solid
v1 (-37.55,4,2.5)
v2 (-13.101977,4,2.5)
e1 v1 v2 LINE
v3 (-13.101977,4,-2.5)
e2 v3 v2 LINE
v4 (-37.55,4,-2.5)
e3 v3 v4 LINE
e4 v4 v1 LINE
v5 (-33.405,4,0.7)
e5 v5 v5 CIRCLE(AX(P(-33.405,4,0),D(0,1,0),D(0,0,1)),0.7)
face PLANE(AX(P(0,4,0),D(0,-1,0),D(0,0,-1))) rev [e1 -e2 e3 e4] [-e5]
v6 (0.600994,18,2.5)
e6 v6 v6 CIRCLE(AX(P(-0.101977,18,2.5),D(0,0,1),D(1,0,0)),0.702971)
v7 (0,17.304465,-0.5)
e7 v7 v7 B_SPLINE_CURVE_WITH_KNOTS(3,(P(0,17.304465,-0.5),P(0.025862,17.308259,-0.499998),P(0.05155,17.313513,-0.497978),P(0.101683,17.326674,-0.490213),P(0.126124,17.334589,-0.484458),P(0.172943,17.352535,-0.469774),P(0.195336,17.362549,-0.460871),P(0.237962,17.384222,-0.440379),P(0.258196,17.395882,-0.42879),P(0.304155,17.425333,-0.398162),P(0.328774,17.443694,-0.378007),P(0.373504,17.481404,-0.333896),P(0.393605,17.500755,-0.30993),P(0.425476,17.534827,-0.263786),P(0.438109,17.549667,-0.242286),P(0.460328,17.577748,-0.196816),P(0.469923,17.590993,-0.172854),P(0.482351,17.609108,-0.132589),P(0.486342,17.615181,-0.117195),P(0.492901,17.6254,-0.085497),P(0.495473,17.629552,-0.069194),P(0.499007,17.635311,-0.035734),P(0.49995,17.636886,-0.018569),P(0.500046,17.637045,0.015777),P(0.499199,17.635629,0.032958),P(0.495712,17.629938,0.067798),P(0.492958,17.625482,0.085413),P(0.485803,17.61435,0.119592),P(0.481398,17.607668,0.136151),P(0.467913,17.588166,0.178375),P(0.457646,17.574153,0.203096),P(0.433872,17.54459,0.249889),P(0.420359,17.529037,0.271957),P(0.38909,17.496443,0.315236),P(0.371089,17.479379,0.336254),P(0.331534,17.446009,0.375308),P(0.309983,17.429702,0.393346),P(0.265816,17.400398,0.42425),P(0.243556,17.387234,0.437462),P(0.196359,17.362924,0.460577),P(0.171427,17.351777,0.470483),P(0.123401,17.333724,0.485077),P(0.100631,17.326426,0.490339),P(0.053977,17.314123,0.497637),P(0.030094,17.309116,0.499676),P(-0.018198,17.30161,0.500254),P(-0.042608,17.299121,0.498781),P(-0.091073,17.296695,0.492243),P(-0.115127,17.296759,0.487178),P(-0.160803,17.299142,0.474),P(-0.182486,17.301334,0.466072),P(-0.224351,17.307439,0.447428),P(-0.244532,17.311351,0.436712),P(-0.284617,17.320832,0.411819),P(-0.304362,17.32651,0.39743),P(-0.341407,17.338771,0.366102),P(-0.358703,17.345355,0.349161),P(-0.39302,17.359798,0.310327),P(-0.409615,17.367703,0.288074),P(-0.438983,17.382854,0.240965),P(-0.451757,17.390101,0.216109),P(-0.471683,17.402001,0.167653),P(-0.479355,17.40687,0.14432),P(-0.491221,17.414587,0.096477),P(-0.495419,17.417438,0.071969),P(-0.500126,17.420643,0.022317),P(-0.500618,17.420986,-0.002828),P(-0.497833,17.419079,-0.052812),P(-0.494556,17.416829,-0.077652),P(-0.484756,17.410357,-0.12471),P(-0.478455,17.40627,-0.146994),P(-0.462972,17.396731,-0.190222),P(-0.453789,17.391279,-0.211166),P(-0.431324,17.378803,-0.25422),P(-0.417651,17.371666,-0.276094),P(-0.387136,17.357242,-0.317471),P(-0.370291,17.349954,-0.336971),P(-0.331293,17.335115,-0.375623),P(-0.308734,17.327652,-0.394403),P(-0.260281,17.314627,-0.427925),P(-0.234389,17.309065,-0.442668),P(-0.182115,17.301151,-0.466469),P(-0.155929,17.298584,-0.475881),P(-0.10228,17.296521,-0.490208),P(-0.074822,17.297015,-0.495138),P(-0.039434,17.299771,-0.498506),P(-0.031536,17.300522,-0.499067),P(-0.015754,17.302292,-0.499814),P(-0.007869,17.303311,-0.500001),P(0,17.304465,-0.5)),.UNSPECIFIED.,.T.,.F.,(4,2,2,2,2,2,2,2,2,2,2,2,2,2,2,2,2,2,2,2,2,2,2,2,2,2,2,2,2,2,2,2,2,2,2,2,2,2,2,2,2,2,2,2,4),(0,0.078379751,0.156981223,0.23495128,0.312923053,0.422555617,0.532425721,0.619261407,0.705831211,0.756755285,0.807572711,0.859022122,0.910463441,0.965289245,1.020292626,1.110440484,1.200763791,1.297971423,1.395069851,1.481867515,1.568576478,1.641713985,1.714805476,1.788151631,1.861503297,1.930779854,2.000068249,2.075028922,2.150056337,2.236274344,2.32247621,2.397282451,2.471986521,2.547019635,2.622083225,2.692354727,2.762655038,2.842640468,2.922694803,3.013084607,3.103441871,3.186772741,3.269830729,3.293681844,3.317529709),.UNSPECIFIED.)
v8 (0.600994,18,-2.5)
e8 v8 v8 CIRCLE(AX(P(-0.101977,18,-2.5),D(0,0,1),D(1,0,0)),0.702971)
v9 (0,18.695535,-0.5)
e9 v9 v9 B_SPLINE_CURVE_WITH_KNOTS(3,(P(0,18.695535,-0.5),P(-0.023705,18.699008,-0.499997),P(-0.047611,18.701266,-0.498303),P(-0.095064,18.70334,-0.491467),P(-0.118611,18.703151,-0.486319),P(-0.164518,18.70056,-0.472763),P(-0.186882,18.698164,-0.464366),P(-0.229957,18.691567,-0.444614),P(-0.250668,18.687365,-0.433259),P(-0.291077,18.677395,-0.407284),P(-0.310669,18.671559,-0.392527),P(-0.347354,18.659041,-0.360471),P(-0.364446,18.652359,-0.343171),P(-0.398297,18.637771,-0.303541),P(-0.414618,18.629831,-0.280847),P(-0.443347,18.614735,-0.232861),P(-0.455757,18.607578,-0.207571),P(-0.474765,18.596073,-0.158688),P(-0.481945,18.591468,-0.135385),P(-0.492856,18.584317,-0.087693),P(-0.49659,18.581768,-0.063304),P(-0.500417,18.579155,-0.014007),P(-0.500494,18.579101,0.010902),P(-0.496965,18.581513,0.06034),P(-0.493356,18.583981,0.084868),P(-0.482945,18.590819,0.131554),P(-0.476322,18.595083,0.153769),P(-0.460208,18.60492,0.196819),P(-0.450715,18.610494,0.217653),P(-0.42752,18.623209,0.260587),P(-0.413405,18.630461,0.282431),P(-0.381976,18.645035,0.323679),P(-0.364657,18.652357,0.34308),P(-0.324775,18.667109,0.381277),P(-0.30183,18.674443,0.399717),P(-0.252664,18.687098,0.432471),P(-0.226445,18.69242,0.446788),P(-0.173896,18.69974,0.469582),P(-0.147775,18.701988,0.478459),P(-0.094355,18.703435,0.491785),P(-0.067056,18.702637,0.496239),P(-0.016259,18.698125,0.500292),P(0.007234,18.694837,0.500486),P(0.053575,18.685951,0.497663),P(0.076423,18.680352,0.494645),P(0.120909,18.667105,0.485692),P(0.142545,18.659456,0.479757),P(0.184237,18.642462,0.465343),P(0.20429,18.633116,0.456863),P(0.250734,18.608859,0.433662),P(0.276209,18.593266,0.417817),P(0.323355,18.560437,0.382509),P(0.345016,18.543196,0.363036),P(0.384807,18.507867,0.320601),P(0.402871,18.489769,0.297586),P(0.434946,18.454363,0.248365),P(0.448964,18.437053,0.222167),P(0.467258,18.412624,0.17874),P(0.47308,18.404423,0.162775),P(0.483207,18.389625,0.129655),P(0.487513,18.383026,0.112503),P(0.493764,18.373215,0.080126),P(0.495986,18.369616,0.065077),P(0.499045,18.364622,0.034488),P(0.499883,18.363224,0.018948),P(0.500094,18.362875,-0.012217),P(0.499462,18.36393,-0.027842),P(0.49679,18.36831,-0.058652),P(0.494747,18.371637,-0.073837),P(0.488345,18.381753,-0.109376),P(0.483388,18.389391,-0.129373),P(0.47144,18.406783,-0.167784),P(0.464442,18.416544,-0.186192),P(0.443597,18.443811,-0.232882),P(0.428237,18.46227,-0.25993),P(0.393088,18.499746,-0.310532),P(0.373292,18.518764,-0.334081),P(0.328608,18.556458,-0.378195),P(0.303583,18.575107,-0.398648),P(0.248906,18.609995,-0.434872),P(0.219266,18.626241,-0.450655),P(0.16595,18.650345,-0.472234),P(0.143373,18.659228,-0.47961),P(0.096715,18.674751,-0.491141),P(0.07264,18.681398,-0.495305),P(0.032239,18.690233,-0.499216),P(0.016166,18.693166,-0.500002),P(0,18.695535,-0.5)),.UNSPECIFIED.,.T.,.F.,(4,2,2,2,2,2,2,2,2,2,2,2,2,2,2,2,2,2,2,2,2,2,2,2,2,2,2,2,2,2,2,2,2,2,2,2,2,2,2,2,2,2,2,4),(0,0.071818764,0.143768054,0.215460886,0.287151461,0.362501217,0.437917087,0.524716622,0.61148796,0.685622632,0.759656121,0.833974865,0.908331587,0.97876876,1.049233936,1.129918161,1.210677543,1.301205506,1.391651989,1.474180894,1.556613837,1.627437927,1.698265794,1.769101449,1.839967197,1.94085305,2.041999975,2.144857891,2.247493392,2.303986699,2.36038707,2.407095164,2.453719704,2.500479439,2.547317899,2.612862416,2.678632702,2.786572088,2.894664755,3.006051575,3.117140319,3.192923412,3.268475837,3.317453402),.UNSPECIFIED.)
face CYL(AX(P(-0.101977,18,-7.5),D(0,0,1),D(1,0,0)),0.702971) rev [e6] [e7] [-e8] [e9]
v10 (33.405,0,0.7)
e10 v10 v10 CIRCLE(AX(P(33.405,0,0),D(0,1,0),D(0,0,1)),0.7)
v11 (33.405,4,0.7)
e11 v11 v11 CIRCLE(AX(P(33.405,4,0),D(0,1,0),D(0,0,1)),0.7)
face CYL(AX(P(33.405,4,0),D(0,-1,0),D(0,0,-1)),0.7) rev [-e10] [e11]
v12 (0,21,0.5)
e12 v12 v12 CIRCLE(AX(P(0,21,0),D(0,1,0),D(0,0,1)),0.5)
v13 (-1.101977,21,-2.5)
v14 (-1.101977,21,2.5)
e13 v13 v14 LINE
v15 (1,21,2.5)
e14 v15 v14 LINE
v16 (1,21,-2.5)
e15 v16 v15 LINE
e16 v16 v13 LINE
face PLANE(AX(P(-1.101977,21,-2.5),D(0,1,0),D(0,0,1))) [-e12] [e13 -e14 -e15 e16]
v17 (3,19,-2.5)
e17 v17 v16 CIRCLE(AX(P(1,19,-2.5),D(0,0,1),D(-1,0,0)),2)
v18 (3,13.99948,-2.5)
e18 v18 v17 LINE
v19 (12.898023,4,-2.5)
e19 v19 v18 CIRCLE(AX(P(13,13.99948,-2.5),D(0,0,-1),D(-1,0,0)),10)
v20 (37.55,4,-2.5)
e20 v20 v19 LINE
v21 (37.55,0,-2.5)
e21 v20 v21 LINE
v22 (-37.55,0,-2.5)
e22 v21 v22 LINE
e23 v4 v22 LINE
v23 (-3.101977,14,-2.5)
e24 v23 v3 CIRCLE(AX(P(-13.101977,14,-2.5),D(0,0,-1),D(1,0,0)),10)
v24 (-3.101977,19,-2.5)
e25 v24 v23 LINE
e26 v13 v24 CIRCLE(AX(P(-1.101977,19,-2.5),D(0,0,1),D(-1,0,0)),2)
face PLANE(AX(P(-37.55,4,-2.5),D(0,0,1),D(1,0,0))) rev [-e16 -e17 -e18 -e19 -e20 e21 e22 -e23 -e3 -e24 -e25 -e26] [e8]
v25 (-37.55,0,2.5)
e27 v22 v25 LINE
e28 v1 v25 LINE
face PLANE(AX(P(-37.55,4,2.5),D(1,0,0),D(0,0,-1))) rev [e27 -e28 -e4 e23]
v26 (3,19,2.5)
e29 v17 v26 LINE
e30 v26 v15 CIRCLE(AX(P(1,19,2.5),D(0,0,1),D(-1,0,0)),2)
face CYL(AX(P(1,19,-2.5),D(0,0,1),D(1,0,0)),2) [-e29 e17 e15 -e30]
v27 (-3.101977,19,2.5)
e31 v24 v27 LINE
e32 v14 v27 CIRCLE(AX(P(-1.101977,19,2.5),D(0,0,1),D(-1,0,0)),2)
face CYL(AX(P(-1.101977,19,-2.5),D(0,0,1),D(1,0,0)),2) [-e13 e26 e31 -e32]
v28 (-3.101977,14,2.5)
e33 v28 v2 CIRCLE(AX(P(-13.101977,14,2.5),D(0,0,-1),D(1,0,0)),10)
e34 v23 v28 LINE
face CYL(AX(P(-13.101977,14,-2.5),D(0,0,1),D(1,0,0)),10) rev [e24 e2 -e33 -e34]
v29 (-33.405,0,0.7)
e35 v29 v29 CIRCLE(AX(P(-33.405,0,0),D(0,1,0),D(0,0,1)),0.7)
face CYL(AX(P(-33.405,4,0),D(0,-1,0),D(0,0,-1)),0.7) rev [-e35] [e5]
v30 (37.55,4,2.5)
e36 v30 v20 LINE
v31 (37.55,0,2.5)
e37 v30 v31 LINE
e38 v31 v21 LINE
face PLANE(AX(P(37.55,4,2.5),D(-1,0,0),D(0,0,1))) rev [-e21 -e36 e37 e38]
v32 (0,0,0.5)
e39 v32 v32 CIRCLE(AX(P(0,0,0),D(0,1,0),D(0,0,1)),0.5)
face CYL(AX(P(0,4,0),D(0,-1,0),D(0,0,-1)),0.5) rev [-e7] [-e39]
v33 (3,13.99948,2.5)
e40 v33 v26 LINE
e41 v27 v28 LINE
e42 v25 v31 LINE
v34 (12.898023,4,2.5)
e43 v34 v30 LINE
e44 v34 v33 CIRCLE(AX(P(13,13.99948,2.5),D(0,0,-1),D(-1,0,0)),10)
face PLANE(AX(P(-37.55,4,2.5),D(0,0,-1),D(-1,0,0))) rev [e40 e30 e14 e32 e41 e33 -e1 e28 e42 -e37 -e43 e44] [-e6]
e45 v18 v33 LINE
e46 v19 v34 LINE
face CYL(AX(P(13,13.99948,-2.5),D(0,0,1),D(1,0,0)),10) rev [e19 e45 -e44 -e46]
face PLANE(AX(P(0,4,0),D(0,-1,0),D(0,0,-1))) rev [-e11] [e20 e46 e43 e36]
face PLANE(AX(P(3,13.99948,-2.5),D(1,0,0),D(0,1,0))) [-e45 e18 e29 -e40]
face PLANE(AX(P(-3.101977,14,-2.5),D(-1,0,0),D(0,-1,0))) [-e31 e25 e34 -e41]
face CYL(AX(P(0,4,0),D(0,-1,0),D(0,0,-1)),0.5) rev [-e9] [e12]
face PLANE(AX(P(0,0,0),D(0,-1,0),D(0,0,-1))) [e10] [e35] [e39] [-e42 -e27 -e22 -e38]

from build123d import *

# Parameters (mm, degrees)
SKETCH1_W           = 75.1
SKETCH1_H           = 5
SKETCH1_R           = 0.7
SKETCH1_R_2         = 0.5
BOSS_EXTRUDE1_DEPTH = 4
BOSS_EXTRUDE2_DEPTH = 5
SKETCH4_R           = 0.5
CUT_EXTRUDE1_DEPTH  = 33
SKETCH5_R           = 0.702970984
CUT_EXTRUDE2_DEPTH  = 10


with BuildPart() as part:
    # Sketch1 → Boss-Extrude1 (new body)
    with BuildSketch(Plane(origin=(0, 0, 0), x_dir=(1, 0, 0), z_dir=(0, 1, 0))):
        Rectangle(SKETCH1_W, SKETCH1_H)
        with Locations(Location((-33.405, 0, 0), (0, 0, 270))):
            Circle(SKETCH1_R, mode=Mode.SUBTRACT)
        with Locations(Location((33.405, 0, 0), (0, 0, 270))):
            Circle(SKETCH1_R, mode=Mode.SUBTRACT)
        with Locations(Location((0, 0, 0), (0, 0, 270))):
            Circle(SKETCH1_R_2, mode=Mode.SUBTRACT)
    extrude(amount=BOSS_EXTRUDE1_DEPTH)

    # Sketch3 → Boss-Extrude2 (add)
    with BuildSketch(Plane.XY.offset(2.5)):
        with BuildLine():
            Line((-13.101977393, 4), (12.898022607, 4))
            ThreePointArc((12.898022607, 4), (5.892969188, 6.964559048), (3, 13.999480017))
            Line((3, 13.999480017), (3, 19))
            ThreePointArc((3, 19), (2.414213562, 20.414213562), (1, 21))
            Line((1, 21), (-1.101977393, 21))
            ThreePointArc((-1.101977393, 21), (-2.516190955, 20.414213562), (-3.101977393, 19))
            Line((-3.101977393, 19), (-3.101977393, 14))
            ThreePointArc((-3.101977393, 14), (-6.030909581, 6.928932188), (-13.101977393, 4))
        make_face()
    extrude(amount=-BOSS_EXTRUDE2_DEPTH)

    # Sketch4 → Cut-Extrude1 (cut)
    with BuildSketch(Plane.XZ):
        with Locations(Location((0, 0, 0), (0, 0, 90))):
            Circle(SKETCH4_R)
    extrude(amount=-CUT_EXTRUDE1_DEPTH, mode=Mode.SUBTRACT)

    # Sketch5 → Cut-Extrude2 (cut)
    with BuildSketch(Plane.XY.offset(2.5)):
        with Locations((-0.101977393, 18)):
            Circle(SKETCH5_R)
    extrude(amount=-CUT_EXTRUDE2_DEPTH, mode=Mode.SUBTRACT)


solid = part.part
